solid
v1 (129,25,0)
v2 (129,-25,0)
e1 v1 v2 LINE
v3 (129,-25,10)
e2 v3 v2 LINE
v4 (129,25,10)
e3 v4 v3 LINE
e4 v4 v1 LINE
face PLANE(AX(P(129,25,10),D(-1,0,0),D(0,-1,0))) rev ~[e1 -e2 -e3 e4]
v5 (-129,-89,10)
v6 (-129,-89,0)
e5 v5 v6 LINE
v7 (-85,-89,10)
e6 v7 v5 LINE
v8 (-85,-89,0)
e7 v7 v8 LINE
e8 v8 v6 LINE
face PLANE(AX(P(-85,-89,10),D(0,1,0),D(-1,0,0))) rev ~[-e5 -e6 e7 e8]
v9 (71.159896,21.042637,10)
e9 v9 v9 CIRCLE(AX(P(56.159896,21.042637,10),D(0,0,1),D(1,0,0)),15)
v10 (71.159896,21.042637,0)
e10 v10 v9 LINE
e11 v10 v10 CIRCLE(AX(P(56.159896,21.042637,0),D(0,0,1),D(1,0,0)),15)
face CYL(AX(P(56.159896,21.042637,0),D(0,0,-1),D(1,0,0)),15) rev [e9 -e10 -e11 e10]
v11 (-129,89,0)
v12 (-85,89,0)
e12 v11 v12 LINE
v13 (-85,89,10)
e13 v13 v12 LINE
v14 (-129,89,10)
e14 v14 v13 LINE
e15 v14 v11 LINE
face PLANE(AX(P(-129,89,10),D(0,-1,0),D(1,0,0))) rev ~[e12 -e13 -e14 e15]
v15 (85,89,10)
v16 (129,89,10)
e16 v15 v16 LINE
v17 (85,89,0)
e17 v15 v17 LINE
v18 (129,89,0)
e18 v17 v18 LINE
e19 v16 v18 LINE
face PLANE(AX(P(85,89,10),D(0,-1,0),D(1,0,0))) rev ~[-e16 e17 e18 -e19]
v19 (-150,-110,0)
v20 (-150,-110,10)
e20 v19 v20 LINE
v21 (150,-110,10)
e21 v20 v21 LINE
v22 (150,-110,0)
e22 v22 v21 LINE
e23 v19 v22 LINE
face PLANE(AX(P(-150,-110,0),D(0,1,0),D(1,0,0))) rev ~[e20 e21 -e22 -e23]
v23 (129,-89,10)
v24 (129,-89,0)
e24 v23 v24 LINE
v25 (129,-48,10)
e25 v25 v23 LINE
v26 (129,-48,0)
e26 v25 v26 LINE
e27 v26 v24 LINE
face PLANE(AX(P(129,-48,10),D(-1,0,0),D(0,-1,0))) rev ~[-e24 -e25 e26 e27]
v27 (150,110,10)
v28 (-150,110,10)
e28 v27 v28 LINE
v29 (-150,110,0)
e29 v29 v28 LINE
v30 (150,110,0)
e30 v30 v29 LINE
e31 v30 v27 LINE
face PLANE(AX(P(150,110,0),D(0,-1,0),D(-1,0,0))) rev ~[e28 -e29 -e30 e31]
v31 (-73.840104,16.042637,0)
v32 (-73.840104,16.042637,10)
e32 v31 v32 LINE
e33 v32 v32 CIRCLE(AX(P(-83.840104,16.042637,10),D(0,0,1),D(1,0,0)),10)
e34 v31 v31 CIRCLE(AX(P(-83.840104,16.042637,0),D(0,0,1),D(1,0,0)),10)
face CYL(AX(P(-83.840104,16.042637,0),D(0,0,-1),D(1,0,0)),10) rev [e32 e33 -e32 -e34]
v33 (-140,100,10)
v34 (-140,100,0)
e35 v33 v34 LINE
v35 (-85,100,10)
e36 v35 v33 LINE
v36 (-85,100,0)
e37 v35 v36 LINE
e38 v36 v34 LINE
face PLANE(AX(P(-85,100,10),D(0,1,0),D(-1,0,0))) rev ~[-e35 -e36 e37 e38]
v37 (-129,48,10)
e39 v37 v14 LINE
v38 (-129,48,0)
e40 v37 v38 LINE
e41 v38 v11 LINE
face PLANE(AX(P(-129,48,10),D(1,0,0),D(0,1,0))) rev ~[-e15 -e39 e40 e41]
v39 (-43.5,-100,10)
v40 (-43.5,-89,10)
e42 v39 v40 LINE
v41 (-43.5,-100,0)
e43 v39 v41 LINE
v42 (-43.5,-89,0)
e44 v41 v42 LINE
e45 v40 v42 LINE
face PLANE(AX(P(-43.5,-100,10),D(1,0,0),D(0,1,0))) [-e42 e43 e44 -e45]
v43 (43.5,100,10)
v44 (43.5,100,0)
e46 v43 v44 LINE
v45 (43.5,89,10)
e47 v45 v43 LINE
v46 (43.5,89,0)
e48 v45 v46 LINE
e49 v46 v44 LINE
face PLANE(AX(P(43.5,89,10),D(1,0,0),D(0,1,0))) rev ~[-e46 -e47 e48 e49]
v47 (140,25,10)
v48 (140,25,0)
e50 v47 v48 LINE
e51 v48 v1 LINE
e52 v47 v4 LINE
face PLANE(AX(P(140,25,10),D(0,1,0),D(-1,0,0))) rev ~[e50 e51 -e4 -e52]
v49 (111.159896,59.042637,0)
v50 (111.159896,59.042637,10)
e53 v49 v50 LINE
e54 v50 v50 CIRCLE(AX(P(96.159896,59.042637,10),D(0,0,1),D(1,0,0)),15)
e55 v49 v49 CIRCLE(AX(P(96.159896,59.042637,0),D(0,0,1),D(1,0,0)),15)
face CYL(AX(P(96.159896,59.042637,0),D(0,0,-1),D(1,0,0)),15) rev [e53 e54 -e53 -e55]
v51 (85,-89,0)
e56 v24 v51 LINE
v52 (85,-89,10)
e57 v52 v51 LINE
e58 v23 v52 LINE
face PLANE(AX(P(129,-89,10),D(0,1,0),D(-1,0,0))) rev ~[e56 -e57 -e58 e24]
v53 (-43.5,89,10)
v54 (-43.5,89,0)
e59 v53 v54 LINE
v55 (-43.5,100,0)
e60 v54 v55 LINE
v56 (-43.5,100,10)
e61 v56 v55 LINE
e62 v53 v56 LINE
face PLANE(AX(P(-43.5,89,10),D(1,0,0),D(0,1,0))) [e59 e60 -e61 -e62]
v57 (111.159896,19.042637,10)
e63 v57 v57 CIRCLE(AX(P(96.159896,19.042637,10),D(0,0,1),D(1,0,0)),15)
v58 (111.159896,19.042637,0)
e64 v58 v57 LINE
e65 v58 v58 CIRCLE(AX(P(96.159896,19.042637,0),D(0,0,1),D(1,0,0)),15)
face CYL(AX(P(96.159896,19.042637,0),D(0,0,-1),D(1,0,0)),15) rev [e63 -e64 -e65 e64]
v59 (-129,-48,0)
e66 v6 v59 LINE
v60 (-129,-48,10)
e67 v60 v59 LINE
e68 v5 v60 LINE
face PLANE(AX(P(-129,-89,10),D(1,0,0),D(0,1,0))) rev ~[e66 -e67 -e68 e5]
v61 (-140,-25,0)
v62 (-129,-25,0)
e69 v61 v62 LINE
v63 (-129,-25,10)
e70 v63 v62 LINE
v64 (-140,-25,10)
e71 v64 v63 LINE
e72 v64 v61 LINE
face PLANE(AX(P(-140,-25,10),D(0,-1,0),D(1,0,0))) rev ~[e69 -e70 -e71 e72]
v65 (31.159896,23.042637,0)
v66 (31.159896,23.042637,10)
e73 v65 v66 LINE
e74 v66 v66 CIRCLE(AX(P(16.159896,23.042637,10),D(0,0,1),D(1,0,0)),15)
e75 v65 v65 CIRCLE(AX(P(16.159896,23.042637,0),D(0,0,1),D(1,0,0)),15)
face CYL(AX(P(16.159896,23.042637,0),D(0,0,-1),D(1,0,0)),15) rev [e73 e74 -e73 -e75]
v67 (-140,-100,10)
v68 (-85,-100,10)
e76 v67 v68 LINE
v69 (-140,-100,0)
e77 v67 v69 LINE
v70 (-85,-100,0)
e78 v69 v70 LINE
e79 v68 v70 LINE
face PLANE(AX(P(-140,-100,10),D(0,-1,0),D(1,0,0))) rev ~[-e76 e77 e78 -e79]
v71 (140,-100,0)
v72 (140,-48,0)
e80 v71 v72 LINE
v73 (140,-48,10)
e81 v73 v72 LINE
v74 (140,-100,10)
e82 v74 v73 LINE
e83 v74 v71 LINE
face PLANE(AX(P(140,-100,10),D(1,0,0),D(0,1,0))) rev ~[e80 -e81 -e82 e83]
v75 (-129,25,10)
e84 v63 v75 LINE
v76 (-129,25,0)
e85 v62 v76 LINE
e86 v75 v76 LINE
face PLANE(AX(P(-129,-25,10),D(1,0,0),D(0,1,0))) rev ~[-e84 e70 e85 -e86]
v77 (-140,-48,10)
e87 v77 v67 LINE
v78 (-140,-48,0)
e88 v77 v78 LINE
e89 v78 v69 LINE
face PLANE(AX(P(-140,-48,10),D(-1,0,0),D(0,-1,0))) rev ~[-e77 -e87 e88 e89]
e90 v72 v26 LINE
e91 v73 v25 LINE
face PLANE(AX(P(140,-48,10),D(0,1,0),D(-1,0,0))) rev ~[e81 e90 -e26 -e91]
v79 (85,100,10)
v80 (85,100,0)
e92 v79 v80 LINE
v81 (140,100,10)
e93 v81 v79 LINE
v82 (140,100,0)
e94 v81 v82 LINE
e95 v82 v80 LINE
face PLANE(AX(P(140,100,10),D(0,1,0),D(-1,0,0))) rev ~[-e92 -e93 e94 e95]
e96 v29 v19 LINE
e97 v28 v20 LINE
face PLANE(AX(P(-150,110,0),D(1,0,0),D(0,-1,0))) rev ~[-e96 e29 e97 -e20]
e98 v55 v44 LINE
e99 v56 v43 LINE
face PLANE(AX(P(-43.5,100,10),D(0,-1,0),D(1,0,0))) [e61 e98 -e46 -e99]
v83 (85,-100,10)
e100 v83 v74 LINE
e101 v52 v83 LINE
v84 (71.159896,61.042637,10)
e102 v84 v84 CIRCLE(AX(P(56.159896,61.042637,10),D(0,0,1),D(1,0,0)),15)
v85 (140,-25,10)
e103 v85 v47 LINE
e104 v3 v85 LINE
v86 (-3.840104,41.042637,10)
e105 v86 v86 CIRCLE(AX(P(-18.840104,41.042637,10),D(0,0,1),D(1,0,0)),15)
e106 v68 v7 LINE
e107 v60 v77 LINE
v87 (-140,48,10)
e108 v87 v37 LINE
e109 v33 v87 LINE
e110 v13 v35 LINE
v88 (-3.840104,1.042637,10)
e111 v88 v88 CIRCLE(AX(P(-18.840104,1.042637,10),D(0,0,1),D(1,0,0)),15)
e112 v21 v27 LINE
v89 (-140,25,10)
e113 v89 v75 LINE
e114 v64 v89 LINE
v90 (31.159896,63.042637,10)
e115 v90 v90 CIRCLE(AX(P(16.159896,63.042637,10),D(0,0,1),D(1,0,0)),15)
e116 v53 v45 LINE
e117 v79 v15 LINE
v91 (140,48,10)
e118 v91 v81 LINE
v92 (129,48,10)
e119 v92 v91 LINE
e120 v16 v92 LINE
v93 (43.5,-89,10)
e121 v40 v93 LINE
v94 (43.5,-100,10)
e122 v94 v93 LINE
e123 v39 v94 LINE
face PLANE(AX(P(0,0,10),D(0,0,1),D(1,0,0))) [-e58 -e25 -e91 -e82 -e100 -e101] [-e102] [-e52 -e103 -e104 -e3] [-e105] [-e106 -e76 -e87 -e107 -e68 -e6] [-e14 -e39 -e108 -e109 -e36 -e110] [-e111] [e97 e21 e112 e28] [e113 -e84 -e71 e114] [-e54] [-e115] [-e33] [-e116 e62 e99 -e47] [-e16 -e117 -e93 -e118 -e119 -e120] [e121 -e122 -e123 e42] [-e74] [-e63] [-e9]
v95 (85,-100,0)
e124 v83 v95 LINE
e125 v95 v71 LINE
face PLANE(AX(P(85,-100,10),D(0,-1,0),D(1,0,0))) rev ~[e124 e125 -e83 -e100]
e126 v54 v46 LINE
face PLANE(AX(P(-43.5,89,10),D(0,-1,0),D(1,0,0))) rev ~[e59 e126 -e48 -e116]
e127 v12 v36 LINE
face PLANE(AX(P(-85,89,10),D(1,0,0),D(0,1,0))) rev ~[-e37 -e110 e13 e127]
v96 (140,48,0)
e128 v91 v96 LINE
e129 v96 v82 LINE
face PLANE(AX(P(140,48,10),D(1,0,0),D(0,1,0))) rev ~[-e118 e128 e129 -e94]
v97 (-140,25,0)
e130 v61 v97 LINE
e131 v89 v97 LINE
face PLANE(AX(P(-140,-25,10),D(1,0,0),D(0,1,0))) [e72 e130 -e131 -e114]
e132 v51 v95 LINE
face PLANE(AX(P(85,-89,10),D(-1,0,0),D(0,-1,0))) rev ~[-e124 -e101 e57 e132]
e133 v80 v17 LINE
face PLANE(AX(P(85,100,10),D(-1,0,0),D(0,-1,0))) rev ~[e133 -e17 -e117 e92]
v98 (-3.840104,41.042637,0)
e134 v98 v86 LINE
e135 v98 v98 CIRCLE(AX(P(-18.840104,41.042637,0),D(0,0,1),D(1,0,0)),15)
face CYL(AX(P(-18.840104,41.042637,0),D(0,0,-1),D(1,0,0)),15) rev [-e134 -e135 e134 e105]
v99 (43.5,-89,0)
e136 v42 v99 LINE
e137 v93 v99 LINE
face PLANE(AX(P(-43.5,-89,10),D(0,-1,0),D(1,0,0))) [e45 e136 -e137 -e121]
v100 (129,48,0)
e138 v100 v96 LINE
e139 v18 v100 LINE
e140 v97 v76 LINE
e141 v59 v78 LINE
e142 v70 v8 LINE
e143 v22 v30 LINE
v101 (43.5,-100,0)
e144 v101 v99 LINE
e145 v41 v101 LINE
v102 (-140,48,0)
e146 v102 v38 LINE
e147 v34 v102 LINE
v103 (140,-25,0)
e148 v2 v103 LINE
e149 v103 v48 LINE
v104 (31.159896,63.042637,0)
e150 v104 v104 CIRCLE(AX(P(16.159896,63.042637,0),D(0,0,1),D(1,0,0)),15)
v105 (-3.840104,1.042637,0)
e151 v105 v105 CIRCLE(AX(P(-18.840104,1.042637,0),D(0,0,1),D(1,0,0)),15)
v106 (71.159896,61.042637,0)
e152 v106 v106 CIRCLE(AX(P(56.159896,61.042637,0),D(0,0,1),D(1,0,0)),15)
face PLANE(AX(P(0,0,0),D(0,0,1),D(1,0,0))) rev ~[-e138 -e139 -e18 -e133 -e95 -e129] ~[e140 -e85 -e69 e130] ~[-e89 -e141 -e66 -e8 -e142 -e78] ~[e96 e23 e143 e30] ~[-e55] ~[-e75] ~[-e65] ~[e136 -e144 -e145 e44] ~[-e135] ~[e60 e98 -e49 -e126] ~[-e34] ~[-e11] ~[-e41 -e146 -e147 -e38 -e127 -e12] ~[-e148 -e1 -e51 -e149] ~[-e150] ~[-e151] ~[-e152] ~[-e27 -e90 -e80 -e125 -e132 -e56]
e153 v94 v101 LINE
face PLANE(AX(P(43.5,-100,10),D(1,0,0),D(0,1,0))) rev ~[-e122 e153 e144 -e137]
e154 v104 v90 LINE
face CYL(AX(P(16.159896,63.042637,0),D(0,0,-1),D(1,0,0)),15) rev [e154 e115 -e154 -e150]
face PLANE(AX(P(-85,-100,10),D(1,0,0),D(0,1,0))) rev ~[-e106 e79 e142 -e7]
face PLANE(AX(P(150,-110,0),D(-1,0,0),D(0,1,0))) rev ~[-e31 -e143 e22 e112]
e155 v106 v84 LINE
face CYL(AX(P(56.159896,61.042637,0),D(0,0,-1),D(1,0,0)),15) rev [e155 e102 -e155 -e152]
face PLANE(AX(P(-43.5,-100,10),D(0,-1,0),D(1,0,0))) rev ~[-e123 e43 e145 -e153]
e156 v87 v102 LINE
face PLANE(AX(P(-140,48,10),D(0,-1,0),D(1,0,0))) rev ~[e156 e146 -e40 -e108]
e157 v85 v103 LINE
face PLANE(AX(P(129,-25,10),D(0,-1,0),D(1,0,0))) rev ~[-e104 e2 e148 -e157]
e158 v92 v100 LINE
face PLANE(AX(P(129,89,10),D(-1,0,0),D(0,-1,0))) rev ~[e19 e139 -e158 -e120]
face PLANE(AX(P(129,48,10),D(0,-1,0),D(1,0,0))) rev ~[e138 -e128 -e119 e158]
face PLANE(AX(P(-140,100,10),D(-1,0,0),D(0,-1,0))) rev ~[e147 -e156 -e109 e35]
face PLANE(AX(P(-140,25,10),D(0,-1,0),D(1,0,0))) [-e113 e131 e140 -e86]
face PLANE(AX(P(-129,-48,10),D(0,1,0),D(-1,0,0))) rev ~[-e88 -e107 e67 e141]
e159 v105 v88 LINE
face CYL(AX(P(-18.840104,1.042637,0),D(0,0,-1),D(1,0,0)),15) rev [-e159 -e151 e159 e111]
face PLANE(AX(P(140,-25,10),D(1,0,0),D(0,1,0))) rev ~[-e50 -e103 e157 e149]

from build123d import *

# Parameters (mm, degrees)
F0_R     = 10
F0_R_2   = 15
F1_DEPTH = 10
F3_DEPTH = 10
F4_W     = 87
F4_H     = 11
F5_DEPTH = 10
F6_W     = 11
F6_H     = 50
F7_DEPTH = 10


with BuildPart() as f1:
    # F0 (on Top) → F1 (new body)
    with BuildSketch(Plane.XY):
        Polygon((150, 110), (-150, 110), (-150, -110), (-69, -110), (150, -110), align=None)
        with Locations((-83.840104, 16.042637)):
            Circle(F0_R, mode=Mode.SUBTRACT)
        with Locations((-18.840104, 1.042637)):
            Circle(F0_R_2, mode=Mode.SUBTRACT)
        with Locations((-18.840104, 41.042637)):
            Circle(F0_R_2, mode=Mode.SUBTRACT)
        with Locations((16.159896, 23.042637)):
            Circle(F0_R_2, mode=Mode.SUBTRACT)
        with Locations((56.159896, 21.042637)):
            Circle(F0_R_2, mode=Mode.SUBTRACT)
        with Locations((96.159896, 19.042637)):
            Circle(F0_R_2, mode=Mode.SUBTRACT)
        with Locations((16.159896, 63.042637)):
            Circle(F0_R_2, mode=Mode.SUBTRACT)
        with Locations((56.159896, 61.042637)):
            Circle(F0_R_2, mode=Mode.SUBTRACT)
        with Locations((96.159896, 59.042637)):
            Circle(F0_R_2, mode=Mode.SUBTRACT)
    extrude(amount=F1_DEPTH)

    # F2 (on face) → F3 (cut)
    with BuildSketch(Plane.XY.offset(10)):
        Polygon((140, 48), (140, 100), (85, 100), (85, 89), (129, 89), (129, 48), align=None)
        Polygon((-85, 100), (-140, 100), (-140, 48), (-129, 48), (-129, 89), (-85, 89), align=None)
        Polygon((-140, -48), (-140, -100), (-85, -100), (-85, -89), (-129, -89), (-129, -48), align=None)
        Polygon((85, -100), (140, -100), (140, -48), (129, -48), (129, -89), (85, -89), align=None)
    extrude(amount=-F3_DEPTH, mode=Mode.SUBTRACT)

    # F4 (on face) → F5 (cut)
    with BuildSketch(Plane.XY.offset(10)):
        with Locations((0, 94.5)):
            Rectangle(F4_W, F4_H)
        with Locations((0, -94.5)):
            Rectangle(F4_W, F4_H)
    extrude(amount=-F5_DEPTH, mode=Mode.SUBTRACT)

    # F6 (on face) → F7 (cut)
    with BuildSketch(Plane.XY.offset(10)):
        with Locations((-134.5, 0)):
            Rectangle(F6_W, F6_H)
        Polygon((140, -25), (140, 0), (140, 25), (129, 25), (129, -25), align=None)
    extrude(amount=-F7_DEPTH, mode=Mode.SUBTRACT)


solid = f1.part
